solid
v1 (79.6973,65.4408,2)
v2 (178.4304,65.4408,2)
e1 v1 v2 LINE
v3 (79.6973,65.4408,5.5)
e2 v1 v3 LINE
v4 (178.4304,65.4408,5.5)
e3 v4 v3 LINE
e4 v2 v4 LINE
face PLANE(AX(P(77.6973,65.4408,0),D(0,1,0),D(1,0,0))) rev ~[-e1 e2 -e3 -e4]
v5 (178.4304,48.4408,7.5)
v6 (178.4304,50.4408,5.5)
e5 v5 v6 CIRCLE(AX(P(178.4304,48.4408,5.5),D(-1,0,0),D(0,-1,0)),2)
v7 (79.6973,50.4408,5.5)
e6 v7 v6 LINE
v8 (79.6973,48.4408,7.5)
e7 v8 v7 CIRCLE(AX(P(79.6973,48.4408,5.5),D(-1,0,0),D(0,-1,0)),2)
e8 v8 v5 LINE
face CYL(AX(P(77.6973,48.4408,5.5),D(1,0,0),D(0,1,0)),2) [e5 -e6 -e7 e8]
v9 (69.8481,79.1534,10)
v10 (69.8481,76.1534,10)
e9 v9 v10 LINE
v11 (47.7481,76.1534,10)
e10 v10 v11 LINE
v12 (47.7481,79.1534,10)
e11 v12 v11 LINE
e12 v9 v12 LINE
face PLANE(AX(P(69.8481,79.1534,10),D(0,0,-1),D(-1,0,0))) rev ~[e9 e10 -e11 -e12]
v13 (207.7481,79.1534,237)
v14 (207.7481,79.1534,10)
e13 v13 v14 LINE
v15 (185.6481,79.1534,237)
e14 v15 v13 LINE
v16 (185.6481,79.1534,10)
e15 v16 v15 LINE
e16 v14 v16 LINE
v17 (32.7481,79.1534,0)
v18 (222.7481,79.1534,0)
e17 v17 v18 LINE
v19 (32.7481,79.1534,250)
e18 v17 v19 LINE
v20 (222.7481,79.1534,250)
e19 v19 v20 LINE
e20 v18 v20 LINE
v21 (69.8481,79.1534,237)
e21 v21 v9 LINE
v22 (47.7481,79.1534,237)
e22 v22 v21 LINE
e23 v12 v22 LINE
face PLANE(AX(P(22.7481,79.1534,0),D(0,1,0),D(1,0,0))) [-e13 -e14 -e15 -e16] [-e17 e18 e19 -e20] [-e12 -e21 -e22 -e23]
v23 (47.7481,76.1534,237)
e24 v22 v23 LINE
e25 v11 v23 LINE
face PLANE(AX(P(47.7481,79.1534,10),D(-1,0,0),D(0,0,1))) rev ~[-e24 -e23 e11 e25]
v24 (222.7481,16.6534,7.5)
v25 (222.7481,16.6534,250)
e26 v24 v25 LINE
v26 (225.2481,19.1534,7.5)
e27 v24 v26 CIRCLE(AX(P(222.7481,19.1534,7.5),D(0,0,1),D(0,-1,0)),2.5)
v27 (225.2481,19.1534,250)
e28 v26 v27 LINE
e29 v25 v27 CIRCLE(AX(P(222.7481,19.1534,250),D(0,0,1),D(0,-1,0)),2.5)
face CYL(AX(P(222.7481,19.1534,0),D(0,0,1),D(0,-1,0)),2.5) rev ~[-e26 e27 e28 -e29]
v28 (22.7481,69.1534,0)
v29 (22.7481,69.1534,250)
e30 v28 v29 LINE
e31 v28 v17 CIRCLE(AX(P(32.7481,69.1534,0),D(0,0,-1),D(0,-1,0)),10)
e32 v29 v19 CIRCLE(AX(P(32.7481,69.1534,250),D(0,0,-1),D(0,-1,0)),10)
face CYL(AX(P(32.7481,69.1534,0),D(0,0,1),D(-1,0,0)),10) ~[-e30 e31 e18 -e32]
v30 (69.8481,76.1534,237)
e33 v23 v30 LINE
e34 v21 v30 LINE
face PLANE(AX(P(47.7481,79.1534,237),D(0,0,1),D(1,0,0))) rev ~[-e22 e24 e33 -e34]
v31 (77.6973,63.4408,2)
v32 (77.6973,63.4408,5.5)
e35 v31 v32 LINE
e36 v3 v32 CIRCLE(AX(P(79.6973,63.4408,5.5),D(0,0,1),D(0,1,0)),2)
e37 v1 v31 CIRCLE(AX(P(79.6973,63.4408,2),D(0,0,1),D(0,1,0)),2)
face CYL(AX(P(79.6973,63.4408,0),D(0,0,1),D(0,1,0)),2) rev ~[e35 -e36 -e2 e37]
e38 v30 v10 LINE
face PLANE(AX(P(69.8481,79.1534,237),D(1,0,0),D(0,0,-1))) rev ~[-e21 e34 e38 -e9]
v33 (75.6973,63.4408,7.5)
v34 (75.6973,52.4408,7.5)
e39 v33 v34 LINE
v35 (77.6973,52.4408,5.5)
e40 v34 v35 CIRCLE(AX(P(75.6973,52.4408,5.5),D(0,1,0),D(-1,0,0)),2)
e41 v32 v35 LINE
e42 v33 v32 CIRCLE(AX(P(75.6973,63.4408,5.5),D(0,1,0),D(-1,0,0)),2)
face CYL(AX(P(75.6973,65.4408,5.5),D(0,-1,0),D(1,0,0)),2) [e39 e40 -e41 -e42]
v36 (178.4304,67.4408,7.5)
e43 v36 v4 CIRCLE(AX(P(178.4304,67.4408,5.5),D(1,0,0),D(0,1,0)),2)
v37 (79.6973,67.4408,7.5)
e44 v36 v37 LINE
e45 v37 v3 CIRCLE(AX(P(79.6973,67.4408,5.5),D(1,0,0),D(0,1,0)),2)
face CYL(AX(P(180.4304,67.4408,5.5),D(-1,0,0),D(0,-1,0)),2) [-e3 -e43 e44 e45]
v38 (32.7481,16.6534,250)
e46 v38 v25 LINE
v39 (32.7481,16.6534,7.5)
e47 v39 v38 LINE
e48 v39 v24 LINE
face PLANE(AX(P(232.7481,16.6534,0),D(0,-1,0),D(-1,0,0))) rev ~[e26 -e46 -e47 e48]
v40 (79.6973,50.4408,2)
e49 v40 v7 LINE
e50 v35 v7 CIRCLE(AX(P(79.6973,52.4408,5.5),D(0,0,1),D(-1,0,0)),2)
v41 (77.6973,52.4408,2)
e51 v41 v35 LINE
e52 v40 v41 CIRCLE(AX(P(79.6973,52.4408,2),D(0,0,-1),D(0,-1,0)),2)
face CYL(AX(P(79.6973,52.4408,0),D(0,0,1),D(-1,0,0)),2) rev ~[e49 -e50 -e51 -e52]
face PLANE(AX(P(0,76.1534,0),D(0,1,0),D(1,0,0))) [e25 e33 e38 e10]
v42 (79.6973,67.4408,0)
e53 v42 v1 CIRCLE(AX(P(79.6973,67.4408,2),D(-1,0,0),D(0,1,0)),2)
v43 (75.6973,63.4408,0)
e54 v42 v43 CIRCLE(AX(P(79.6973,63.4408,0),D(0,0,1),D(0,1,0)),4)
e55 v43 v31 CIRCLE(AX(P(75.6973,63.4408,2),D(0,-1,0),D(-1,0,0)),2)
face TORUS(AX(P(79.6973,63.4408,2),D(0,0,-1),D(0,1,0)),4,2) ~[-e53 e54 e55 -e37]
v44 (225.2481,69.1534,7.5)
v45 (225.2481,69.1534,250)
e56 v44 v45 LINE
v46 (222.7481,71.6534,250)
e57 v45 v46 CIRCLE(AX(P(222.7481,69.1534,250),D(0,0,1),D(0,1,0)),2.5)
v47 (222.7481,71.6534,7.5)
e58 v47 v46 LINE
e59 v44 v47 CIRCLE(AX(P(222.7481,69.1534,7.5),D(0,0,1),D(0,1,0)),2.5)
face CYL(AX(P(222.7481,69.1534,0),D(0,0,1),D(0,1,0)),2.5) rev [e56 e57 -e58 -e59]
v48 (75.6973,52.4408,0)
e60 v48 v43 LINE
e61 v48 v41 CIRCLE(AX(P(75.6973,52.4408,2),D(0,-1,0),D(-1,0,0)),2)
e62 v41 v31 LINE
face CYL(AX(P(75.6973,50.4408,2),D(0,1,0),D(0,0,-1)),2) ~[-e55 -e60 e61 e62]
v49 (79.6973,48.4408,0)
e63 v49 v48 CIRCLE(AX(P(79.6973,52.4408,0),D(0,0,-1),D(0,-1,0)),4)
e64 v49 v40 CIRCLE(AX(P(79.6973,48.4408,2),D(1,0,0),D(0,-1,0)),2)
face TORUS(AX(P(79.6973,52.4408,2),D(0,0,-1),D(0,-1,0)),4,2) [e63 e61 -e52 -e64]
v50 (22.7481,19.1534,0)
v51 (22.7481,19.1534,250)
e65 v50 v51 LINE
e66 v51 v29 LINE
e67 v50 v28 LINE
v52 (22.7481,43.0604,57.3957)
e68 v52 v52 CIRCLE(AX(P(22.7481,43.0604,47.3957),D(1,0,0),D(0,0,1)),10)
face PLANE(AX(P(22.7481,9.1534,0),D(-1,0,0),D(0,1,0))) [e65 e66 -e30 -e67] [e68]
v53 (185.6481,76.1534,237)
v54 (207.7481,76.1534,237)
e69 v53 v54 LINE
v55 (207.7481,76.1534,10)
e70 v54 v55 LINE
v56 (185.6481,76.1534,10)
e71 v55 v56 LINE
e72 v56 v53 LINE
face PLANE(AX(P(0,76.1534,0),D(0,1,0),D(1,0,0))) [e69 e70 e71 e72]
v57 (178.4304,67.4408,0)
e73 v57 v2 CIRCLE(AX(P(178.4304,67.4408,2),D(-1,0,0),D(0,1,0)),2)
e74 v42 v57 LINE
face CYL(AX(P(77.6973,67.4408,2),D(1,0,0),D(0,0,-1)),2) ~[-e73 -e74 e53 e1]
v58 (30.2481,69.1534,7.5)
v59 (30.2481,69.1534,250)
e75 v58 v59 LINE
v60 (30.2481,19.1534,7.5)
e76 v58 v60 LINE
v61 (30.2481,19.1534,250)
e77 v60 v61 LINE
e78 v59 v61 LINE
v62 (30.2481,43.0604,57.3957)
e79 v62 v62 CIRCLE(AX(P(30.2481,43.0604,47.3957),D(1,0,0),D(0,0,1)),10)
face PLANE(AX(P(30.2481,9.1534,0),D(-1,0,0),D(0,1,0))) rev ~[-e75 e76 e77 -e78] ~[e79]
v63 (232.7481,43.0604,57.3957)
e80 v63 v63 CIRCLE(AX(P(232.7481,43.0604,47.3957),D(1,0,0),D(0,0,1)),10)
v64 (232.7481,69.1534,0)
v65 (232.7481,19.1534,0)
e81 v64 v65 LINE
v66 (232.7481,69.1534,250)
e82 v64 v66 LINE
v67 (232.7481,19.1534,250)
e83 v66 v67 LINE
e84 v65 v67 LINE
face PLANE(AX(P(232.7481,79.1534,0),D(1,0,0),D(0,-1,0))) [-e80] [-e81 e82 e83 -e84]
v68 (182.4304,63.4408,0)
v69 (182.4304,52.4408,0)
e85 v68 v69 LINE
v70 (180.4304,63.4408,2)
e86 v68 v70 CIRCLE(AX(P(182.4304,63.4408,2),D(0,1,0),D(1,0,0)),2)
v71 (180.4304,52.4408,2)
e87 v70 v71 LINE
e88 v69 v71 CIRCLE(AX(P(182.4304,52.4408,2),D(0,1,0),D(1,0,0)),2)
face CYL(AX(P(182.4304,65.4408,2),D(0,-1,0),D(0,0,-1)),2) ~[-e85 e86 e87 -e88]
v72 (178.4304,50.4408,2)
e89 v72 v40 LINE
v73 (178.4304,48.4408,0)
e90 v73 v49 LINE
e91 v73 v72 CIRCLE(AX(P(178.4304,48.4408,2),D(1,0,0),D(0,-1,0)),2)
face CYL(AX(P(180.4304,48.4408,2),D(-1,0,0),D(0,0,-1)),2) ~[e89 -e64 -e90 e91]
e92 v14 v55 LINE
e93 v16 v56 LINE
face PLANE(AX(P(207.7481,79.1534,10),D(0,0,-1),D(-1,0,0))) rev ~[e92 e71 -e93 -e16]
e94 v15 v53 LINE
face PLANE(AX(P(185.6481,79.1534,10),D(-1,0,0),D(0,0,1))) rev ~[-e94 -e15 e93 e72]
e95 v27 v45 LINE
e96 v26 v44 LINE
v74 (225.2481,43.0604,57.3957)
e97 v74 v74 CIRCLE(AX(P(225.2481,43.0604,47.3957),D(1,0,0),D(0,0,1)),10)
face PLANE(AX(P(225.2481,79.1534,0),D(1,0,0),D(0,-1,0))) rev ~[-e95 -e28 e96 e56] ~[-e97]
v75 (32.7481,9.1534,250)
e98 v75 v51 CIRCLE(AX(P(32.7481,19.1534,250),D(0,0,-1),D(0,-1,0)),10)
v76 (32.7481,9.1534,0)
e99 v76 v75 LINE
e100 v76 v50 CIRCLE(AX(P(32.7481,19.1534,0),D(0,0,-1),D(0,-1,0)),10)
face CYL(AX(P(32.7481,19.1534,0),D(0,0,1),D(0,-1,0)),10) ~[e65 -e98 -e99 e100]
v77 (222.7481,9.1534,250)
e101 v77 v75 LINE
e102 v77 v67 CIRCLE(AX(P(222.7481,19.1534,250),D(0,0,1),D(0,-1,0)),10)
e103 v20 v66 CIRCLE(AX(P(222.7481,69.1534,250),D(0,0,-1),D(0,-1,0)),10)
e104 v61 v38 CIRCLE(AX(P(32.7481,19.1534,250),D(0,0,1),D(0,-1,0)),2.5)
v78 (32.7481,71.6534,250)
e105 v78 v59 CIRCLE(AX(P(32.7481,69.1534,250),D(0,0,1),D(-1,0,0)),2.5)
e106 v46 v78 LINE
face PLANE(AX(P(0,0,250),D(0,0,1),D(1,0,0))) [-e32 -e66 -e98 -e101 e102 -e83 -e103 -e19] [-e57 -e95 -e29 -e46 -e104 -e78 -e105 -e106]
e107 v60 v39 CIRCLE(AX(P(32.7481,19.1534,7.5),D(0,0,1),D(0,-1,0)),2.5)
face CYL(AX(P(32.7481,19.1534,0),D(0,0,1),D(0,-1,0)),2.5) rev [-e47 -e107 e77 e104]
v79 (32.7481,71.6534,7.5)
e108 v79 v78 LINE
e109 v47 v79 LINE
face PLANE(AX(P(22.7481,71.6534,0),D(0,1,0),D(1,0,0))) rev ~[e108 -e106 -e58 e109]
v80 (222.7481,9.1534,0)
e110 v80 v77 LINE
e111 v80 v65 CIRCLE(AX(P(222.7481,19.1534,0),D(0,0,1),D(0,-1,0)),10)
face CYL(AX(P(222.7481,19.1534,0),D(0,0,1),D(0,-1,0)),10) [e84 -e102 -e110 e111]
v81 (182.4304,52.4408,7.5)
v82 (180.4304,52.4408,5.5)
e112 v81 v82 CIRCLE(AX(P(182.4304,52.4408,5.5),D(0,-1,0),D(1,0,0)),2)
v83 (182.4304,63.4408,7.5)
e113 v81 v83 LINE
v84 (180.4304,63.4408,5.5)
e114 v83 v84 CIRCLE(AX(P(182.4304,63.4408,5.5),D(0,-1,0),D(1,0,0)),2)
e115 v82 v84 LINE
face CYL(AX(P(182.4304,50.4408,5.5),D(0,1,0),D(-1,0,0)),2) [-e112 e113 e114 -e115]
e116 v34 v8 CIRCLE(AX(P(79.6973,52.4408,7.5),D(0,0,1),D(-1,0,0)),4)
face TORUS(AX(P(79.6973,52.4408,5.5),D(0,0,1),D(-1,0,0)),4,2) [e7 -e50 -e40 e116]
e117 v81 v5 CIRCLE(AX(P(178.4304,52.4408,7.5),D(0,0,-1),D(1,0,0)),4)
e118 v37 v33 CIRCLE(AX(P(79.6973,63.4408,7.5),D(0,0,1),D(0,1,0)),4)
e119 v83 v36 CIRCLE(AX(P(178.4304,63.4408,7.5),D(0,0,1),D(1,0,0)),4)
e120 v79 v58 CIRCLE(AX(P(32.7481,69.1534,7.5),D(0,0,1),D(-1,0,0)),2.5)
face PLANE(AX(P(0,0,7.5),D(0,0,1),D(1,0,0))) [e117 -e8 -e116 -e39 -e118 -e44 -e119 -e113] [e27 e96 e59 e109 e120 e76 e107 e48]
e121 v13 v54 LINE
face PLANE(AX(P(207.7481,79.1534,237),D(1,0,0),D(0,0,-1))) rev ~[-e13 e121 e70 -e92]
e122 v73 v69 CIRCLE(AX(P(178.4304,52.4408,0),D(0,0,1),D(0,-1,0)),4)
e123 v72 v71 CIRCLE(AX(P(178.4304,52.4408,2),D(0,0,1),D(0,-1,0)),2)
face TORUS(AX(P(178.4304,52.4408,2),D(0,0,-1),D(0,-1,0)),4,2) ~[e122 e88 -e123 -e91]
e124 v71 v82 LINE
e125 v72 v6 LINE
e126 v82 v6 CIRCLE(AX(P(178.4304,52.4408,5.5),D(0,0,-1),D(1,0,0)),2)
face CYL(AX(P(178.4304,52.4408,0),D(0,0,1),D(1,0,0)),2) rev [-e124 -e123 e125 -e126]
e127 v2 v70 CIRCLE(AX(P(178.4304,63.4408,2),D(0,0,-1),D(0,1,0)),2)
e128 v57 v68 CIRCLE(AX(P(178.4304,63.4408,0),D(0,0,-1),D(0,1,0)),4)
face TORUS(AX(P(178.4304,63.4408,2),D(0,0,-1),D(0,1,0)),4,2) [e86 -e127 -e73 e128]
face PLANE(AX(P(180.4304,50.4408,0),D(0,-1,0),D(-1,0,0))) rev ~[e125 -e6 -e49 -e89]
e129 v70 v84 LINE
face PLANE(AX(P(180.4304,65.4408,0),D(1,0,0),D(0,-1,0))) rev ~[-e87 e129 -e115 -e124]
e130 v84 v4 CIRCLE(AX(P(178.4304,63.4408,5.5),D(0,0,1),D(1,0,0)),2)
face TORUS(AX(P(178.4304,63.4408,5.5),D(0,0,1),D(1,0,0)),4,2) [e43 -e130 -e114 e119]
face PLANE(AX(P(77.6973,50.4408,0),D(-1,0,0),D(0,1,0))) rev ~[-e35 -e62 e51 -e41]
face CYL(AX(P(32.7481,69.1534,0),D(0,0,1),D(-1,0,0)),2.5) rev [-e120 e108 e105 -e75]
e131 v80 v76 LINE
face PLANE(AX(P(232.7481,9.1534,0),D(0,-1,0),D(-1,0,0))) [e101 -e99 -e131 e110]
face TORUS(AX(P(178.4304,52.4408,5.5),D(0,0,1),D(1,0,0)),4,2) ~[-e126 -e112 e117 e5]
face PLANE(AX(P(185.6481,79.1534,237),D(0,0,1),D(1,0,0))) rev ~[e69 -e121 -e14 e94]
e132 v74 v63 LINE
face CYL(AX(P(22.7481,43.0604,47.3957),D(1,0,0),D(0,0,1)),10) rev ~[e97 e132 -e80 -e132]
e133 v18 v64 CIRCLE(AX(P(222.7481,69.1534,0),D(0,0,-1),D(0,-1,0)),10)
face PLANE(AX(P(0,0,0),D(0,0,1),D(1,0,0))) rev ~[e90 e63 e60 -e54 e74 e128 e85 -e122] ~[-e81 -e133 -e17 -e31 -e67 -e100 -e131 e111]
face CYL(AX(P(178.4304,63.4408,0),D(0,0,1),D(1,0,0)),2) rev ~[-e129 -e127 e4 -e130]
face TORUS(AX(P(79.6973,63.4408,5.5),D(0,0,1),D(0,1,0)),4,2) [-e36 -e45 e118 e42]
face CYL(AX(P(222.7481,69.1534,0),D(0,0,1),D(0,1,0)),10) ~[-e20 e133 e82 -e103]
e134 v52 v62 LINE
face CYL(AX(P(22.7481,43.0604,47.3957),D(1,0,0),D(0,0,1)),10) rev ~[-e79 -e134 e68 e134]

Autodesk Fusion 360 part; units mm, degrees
sketch "Sketch1" plane through (0, 0, 0) normal (0, 0, 1) x (1, 0, 0)
  line L0 (22.7481, 79.1534) -> (232.7481, 79.1534)
  line L1 (232.7481, 79.1534) -> (232.7481, 9.1534)
  line L2 (232.7481, 9.1534) -> (22.7481, 9.1534)
  line L3 (22.7481, 9.1534) -> (22.7481, 79.1534)
extrude "Extrude1" add sketch "Sketch1" along normal blind 250
fillet "Fillet1" radius 10 1 edges at (22.7481, 9.1534, 125)
fillet "Fillet2" radius 10 1 edges at (232.7481, 9.1534, 125)
fillet "Fillet3" radius 10 1 edges at (22.7481, 79.1534, 125)
fillet "Fillet4" radius 10 1 edges at (232.7481, 79.1534, 125)
shell "Shell1" thickness 7.5 removed faces 1 at (159.4147, 32.4867, 250)
sketch "Sketch2" plane through (0, 0, 0) normal (0, 0, 1) x (1, 0, 0)
  line L0 (180.4304, 50.4408) -> (77.6973, 50.4408)
  line L1 (77.6973, 50.4408) -> (77.6973, 65.4408)
  line L2 (77.6973, 65.4408) -> (180.4304, 65.4408)
  line L3 (180.4304, 65.4408) -> (180.4304, 50.4408)
  line L4 (180.4304, 50.4408) -> (77.6973, 65.4408) construction
  line L5 (77.6973, 50.4408) -> (180.4304, 65.4408) construction
  point P0 (129.0638, 57.9408)
extrude "Extrude2" cut sketch "Sketch2" along normal blind 24
fillet "Fillet5" radius 2 12 edges at (129.0638, 65.4408, 0) (129.0638, 50.4408, 0) (77.6973, 57.9408, 0) (180.4304, 57.9408, 0) (77.6973, 50.4408, 3.75) (129.0638, 65.4408, 7.5) (77.6973, 57.9408, 7.5) (77.6973, 65.4408, 3.75) (180.4304, 50.4408, 3.75) (180.4304, 65.4408, 3.75) (180.4304, 57.9408, 7.5) (129.0638, 50.4408, 7.5) 4 faces at (77.6973, 55.4408, 2.5) (146.186, 50.4408, 2.5) (180.4304, 60.4408, 5) (111.9416, 65.4408, 2.5)
sketch "Sketch3" plane through (0, 0, 0) normal (0, 0, -1) x (1, 0, 0)
  arc A0 (222.7481, -79.1534) -> (232.7481, -69.1534) centre (222.7481, -69.1534) ccw
  line L0 (232.7481, -69.1534) -> (232.7481, -19.1534)
  arc A1 (232.7481, -19.1534) -> (222.7481, -9.1534) centre (222.7481, -19.1534) ccw
  line L1 (222.7481, -9.1534) -> (32.7481, -9.1534)
  arc A2 (32.7481, -9.1534) -> (22.7481, -19.1534) centre (32.7481, -19.1534) ccw
  line L2 (22.7481, -19.1534) -> (22.7481, -69.1534)
  arc A3 (22.7481, -69.1534) -> (32.7481, -79.1534) centre (32.7481, -69.1534) ccw
  line L3 (32.7481, -79.1534) -> (222.7481, -79.1534)
  arc A4 (178.4304, -67.4408) -> (182.4304, -63.4408) centre (178.4304, -63.4408) ccw
  line L4 (178.4304, -67.4408) -> (79.6973, -67.4408)
  arc A5 (75.6973, -63.4408) -> (79.6973, -67.4408) centre (79.6973, -63.4408) ccw
  line L5 (75.6973, -63.4408) -> (75.6973, -52.4408)
  arc A6 (79.6973, -48.4408) -> (75.6973, -52.4408) centre (79.6973, -52.4408) ccw
  line L6 (79.6973, -48.4408) -> (178.4304, -48.4408)
  arc A7 (182.4304, -52.4408) -> (178.4304, -48.4408) centre (178.4304, -52.4408) ccw
  line L7 (182.4304, -52.4408) -> (182.4304, -63.4408)
hole "Hole1" at (22.7481, 43.0604, 47.3957) direction (1, 0, 0) diameter 20 depth 300 tip angle 118
ref_plane "WorkPlane1" through (127.7481, 79.1534, 125) normal (0, 1, 0) x (-1, 0, 0)
sketch "Sketch4" plane through (0, 79.1534, 0) normal (0, 1, 0) x (1, 0, 0)
  line L0 (207.7481, -10) -> (185.6481, -10)
  line L1 (185.6481, -10) -> (185.6481, -237)
  line L2 (185.6481, -237) -> (207.7481, -237)
  line L3 (207.7481, -237) -> (207.7481, -10)
  line L4 (32.7481, 0) -> (222.7481, 0)
  line L5 (222.7481, 0) -> (222.7481, -250)
  line L6 (207.7481, -10) -> (185.6481, -10)
  line L7 (185.6481, -10) -> (185.6481, -237)
  line L8 (185.6481, -237) -> (207.7481, -237)
  line L9 (207.7481, -237) -> (207.7481, -10)
  line L10 (69.8481, -10) -> (47.7481, -10)
  line L11 (47.7481, -10) -> (47.7481, -237)
  line L12 (47.7481, -237) -> (69.8481, -237)
  line L13 (69.8481, -237) -> (69.8481, -10)
  line L14 (32.7481, -250) -> (32.7481, 0)
  dimension "d25" = 10
  dimension "d26" = 15
  dimension "d27" = 22.1
  dimension "d28" = 227
  dimension "d29" = 227
  dimension "d30" = 22.1
  dimension "d31" = 10
  dimension "d32" = 15
extrude "Extrude3" cut sketch "Sketch4" against normal blind 3
